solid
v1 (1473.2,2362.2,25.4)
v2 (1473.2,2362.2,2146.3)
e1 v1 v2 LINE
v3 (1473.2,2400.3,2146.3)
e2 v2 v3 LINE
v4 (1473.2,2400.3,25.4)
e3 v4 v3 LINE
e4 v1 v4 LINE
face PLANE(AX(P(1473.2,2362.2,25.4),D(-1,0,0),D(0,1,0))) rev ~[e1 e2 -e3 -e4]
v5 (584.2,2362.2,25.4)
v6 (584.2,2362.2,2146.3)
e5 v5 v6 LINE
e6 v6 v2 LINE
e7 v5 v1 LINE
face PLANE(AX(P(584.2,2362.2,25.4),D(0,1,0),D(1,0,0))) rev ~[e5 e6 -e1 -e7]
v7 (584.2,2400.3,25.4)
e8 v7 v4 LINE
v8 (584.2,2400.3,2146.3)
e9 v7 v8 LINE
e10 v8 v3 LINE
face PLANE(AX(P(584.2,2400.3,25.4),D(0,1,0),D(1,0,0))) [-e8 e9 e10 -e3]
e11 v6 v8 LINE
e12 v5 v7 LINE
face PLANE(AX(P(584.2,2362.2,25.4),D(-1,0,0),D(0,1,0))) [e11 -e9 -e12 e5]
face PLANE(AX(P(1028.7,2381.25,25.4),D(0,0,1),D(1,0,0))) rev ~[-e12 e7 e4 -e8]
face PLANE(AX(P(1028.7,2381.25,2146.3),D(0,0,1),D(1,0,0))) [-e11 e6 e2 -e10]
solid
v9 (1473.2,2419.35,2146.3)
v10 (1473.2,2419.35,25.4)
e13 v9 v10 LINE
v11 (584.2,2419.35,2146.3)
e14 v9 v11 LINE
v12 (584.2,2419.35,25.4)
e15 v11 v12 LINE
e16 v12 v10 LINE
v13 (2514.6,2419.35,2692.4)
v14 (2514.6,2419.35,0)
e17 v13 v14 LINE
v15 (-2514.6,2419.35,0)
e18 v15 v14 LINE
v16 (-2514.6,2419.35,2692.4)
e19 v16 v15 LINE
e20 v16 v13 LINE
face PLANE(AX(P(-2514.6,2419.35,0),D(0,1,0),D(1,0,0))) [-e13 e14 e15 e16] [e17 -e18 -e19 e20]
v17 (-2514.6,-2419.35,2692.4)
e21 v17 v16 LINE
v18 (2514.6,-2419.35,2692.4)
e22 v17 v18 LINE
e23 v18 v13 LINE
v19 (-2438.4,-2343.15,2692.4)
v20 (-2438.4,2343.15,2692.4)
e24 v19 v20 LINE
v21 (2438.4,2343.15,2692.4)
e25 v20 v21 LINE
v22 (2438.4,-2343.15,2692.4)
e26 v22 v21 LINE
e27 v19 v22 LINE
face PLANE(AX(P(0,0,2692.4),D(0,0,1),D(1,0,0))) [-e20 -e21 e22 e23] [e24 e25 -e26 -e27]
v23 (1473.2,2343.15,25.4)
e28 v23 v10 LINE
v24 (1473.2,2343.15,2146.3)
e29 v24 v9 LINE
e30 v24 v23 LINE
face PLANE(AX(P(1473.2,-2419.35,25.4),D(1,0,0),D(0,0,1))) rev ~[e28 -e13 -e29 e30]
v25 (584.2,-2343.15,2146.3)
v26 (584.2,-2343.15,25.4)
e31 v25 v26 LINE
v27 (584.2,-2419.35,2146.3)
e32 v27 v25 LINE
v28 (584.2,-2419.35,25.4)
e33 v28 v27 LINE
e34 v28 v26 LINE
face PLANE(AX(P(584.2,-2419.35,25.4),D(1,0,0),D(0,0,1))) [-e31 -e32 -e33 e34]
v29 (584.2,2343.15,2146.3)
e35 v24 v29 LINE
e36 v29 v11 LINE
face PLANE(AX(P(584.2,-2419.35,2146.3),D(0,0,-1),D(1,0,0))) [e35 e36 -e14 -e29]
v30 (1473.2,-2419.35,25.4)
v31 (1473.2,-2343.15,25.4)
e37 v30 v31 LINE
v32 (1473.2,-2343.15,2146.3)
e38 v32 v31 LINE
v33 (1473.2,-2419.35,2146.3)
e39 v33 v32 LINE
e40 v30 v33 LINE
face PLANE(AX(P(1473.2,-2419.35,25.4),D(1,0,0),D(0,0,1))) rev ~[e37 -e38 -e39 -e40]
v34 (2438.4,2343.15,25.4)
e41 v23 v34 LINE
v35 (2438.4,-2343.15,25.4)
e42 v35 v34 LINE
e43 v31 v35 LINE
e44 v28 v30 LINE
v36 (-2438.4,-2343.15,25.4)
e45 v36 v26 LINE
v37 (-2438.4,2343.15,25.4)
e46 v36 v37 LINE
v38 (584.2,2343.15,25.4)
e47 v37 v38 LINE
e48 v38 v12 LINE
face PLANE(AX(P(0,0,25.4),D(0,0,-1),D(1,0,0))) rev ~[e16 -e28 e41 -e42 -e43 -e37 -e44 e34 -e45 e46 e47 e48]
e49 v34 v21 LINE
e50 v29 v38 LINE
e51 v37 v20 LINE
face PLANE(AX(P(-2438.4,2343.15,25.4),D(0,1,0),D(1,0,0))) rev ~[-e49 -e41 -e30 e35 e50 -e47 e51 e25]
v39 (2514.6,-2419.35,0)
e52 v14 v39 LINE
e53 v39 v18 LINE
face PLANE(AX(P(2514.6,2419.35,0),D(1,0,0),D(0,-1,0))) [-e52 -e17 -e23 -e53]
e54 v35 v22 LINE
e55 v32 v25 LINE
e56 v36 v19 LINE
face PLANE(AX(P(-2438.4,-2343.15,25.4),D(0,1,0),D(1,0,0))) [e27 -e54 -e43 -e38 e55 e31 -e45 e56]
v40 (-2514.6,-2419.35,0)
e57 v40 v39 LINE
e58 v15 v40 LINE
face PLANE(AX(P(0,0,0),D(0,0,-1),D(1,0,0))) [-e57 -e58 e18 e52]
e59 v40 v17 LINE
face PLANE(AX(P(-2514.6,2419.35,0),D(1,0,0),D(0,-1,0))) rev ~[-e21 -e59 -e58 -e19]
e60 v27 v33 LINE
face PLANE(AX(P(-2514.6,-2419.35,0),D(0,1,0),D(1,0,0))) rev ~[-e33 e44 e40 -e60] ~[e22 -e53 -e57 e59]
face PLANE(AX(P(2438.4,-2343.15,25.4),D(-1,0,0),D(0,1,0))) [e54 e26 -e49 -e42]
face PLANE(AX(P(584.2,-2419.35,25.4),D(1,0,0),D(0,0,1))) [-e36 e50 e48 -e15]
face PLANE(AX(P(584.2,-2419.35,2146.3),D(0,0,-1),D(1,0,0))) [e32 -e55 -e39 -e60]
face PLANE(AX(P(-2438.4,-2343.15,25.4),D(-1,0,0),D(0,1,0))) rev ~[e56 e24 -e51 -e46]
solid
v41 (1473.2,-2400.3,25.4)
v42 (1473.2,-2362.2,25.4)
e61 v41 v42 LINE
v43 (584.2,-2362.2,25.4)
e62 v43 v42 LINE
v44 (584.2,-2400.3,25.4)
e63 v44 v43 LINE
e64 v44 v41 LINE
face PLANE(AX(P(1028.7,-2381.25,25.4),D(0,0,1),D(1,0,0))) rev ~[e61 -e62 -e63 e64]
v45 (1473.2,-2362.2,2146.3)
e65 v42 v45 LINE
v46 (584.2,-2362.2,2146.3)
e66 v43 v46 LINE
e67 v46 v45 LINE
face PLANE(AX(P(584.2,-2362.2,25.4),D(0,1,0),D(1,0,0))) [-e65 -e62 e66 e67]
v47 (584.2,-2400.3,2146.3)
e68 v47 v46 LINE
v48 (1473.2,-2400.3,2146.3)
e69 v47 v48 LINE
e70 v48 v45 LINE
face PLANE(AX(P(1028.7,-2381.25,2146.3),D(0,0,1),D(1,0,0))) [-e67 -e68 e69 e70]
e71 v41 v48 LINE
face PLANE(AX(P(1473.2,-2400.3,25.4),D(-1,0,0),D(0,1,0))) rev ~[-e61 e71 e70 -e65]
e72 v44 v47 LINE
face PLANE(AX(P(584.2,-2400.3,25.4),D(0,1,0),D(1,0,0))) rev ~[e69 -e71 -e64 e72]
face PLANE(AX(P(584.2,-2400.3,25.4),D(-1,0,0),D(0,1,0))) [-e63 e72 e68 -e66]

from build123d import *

# Parameters (mm, degrees)
F0_W     = 4876.8
F0_H     = 4686.3
F1_DEPTH = 25.4
F2_W     = 5029.2
F2_H     = 4838.7
F2_W_2   = 4876.8
F2_H_2   = 4686.3
F3_DEPTH = 2667
F4_W     = 889
F4_H     = 2120.9
F5_DEPTH = 4838.701
F6_W     = 5029.2
F6_H     = 4838.7
F6_W_2   = 4876.8
F6_H_2   = 4686.3
F7_DEPTH = 25.4
F8_W     = 889
F8_H     = 38.1
F9_DEPTH = 2120.9


with BuildPart() as f1:
    # F0 (on Top) → F1 (new body)
    with BuildSketch(Plane.XY):
        Rectangle(F0_W, F0_H)
    extrude(amount=F1_DEPTH)



with BuildPart() as f3:
    # F2 (on face) → F3 (new body)
    with BuildSketch(Plane.XY.offset(25.4)):
        Rectangle(F2_W, F2_H)
        Rectangle(F2_W_2, F2_H_2, mode=Mode.SUBTRACT)
    extrude(amount=F3_DEPTH)

    # F4 (on face) → F5 (cut, through all)
    with BuildSketch(Plane.XZ.offset(2419.35)):
        with Locations((1028.7, 1085.85)):
            Rectangle(F4_W, F4_H)
    extrude(amount=-F5_DEPTH, mode=Mode.SUBTRACT)


with BuildPart() as f1_1:
    add(f1.part)

    add(f3.part)  # F7 merges F3
    # F6 (on face) → F7 (join)
    with BuildSketch(Plane(origin=(0, 0, 0), x_dir=(1, 0, 0), z_dir=(0, 0, -1))):
        Rectangle(F6_W, F6_H)
        Rectangle(F6_W_2, F6_H_2, mode=Mode.SUBTRACT)
    extrude(amount=-F7_DEPTH)


with BuildPart() as f9:
    # F8 (on face) → F9 (new body)
    with BuildSketch(Plane.XY.offset(25.4)):
        with Locations((1028.7, -2381.25)):
            Rectangle(F8_W, F8_H)
    extrude(amount=F9_DEPTH)


with BuildPart() as f9b:
    # F8 (on face) → F9, piece 2 (new body)
    with BuildSketch(Plane.XY.offset(25.4)):
        with Locations((1028.7, 2381.25)):
            Rectangle(F8_W, F8_H)
    extrude(amount=F9_DEPTH)


solid = Compound([f1_1.part, f9.part, f9b.part])
